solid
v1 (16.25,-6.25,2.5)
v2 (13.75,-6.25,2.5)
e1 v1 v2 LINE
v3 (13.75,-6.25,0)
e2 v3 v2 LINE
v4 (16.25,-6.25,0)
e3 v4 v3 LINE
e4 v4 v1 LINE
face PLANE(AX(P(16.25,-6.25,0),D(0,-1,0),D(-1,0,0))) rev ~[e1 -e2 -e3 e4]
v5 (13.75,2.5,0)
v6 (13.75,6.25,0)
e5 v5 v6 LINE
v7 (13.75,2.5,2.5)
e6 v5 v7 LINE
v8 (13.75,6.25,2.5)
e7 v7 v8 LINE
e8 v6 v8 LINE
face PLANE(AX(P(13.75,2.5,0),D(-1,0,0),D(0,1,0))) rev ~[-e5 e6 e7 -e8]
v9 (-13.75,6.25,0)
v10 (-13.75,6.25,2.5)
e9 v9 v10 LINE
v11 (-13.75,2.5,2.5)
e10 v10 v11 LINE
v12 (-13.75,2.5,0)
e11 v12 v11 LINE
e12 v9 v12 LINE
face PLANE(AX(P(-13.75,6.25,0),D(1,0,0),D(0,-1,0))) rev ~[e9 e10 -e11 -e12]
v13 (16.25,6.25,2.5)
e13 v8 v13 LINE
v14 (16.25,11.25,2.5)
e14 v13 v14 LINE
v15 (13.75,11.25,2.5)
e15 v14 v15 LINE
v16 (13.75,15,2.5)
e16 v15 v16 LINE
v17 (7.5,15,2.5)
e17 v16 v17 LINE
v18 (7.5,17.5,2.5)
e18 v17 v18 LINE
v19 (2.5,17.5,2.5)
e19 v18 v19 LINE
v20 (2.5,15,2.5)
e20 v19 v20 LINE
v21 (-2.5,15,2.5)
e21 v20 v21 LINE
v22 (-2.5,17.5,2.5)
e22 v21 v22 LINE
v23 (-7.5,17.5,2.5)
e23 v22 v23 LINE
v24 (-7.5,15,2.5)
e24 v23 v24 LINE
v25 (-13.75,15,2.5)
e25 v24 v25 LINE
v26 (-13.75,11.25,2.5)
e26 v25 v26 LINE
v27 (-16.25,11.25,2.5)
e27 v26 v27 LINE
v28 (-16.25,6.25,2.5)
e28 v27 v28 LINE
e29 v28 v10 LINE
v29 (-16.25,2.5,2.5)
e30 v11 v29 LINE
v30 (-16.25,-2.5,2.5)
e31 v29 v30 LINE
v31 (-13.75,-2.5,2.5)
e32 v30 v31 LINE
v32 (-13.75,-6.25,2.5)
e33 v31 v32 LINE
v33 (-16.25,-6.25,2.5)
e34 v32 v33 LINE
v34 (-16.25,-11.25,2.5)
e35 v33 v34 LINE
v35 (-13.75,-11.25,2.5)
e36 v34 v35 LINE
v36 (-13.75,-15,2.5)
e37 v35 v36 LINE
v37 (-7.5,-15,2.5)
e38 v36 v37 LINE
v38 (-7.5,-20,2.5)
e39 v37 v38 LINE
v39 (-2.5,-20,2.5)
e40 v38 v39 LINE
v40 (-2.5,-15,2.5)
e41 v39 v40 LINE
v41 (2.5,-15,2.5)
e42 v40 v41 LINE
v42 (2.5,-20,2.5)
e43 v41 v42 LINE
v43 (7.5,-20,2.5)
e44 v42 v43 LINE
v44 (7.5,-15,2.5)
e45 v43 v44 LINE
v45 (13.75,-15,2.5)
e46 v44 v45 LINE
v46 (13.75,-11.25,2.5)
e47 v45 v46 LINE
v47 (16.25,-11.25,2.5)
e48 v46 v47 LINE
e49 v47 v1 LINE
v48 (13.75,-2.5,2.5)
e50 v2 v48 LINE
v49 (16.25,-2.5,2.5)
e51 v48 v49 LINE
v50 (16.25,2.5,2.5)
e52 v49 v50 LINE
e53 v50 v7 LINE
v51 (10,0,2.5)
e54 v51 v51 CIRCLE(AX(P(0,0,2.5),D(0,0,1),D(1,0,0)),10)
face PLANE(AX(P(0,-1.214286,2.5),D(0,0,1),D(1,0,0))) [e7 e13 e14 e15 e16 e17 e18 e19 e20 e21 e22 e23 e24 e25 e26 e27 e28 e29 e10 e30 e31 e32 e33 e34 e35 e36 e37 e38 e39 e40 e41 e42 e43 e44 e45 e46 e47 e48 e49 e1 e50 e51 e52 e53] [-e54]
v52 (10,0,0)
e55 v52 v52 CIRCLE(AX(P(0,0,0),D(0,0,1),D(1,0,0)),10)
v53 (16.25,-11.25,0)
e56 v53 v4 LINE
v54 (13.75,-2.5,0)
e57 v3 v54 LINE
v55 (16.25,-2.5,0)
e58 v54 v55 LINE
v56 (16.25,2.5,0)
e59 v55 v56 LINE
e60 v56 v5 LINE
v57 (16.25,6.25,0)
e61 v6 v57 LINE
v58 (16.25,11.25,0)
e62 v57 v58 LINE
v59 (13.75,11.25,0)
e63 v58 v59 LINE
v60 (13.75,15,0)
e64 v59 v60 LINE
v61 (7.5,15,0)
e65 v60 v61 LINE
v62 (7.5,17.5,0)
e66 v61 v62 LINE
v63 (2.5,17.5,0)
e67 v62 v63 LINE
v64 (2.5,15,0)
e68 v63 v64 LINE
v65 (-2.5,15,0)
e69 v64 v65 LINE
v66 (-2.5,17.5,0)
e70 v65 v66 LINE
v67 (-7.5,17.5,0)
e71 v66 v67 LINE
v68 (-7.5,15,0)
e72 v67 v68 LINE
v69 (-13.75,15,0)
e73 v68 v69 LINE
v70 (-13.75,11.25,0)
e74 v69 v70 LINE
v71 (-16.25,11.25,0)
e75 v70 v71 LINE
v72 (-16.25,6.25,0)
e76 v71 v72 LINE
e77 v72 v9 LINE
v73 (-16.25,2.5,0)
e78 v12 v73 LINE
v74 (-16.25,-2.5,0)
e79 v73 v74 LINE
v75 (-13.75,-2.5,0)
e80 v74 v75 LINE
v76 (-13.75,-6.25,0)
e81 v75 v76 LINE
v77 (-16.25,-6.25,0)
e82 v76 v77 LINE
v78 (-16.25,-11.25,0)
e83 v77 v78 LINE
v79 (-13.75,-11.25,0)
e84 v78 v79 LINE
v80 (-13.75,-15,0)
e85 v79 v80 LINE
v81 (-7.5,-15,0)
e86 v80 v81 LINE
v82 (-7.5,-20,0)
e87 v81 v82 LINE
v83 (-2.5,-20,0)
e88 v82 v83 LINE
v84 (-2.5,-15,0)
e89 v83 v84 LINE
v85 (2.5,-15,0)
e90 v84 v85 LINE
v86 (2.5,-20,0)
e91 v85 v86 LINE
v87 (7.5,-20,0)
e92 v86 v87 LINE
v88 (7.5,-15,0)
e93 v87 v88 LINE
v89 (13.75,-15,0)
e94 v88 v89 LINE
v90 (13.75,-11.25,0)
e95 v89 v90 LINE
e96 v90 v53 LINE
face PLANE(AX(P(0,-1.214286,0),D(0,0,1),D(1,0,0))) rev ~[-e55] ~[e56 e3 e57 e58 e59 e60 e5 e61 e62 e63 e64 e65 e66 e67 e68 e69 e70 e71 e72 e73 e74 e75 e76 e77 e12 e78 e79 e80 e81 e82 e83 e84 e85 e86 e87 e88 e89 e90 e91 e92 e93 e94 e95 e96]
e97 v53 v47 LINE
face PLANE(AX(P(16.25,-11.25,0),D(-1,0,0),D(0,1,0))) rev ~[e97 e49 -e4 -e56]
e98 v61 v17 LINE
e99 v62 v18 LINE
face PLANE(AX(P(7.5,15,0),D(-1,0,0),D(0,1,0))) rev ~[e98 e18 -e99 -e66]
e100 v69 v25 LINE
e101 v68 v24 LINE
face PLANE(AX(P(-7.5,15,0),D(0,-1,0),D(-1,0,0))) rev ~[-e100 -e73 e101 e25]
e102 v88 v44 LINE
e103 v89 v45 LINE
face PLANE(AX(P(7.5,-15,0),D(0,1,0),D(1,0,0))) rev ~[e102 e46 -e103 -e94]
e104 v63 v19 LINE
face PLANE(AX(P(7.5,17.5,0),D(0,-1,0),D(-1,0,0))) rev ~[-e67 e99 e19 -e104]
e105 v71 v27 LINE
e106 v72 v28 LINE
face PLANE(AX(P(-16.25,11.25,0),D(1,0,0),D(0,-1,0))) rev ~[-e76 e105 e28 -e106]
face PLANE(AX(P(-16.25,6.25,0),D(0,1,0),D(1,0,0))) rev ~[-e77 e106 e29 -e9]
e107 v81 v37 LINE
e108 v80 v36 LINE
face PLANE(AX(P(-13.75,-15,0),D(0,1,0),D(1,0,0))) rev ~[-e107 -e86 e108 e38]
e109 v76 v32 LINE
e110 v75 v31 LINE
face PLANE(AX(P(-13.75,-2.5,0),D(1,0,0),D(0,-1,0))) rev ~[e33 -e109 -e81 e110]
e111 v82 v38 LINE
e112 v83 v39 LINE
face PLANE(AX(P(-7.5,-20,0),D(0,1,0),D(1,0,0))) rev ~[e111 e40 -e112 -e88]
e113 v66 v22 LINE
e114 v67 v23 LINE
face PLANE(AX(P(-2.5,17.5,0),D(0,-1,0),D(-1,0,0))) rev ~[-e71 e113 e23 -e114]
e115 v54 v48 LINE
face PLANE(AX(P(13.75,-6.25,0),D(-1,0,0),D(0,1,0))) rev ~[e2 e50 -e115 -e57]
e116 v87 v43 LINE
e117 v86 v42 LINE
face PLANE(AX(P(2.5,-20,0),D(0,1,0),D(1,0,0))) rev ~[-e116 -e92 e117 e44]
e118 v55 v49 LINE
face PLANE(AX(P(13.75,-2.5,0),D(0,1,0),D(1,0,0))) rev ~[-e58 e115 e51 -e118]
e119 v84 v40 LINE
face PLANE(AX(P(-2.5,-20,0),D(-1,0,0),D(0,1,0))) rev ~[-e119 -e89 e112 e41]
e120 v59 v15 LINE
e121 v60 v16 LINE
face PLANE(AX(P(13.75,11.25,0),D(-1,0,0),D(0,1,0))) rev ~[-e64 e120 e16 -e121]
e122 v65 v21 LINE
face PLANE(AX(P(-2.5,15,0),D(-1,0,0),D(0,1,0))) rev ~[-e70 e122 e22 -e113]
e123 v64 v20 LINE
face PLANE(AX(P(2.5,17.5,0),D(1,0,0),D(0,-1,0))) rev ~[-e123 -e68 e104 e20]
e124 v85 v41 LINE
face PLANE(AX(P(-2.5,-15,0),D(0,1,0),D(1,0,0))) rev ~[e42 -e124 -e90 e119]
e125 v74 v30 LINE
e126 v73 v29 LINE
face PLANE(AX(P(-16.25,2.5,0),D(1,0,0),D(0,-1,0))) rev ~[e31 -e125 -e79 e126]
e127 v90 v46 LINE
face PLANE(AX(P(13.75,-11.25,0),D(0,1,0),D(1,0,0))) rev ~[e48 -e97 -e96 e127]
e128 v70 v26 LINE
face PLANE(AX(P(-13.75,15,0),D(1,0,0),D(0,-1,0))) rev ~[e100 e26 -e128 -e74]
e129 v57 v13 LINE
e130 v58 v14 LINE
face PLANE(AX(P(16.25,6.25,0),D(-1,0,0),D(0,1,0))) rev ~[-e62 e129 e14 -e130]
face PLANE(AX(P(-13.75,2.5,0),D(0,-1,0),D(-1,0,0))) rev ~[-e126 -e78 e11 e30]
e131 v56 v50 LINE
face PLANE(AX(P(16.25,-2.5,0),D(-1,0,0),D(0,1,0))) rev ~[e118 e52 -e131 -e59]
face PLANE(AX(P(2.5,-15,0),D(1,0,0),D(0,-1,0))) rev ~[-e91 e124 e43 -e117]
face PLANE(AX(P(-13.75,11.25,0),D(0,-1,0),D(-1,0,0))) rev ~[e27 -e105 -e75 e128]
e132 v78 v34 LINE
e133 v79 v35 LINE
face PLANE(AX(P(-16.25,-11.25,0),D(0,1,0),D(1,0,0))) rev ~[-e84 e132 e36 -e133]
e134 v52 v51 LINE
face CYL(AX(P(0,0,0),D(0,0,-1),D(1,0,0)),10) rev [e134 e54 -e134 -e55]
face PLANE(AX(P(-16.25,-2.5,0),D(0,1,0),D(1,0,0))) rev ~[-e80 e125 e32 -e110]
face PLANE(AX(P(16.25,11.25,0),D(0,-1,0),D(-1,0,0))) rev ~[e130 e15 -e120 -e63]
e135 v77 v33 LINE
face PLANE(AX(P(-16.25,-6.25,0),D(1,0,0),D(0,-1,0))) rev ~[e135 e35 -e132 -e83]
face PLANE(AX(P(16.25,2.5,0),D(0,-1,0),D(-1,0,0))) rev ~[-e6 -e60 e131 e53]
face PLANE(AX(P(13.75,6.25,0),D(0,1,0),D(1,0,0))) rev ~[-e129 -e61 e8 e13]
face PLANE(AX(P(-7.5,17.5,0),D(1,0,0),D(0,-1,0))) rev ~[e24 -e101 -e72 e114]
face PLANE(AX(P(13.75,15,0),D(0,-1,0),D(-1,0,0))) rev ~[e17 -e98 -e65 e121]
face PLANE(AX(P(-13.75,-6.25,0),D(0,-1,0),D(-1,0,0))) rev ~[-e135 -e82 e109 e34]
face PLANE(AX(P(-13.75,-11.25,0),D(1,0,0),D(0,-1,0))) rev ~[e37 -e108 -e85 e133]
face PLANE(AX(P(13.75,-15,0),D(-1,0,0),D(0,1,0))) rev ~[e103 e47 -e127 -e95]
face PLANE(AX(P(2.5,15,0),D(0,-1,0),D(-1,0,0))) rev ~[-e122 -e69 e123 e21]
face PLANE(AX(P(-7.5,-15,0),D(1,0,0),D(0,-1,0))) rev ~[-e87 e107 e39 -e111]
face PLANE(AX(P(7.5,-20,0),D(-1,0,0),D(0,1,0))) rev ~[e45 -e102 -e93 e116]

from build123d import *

# Parameters (mm, degrees)
SKETCH1_R           = 10
BOSS_EXTRUDE1_DEPTH = 2.5


with BuildPart() as part:
    # Sketch1 → Boss-Extrude1 (new body)
    with BuildSketch(Plane.XY):
        Polygon((-2.5, -20), (-2.5, -15), (2.5, -15), (2.5, -20), (7.5, -20), (7.5, -15), (13.75, -15), (13.75, -11.25), (16.25, -11.25), (16.25, -6.25), (13.75, -6.25), (13.75, -2.5), (16.25, -2.5), (16.25, 2.5), (13.75, 2.5), (13.75, 6.25), (16.25, 6.25), (16.25, 11.25), (13.75, 11.25), (13.75, 15), (7.5, 15), (7.5, 17.5), (2.5, 17.5), (2.5, 15), (-2.5, 15), (-2.5, 17.5), (-7.5, 17.5), (-7.5, 15), (-13.75, 15), (-13.75, 11.25), (-16.25, 11.25), (-16.25, 6.25), (-13.75, 6.25), (-13.75, 2.5), (-16.25, 2.5), (-16.25, -2.5), (-13.75, -2.5), (-13.75, -6.25), (-16.25, -6.25), (-16.25, -11.25), (-13.75, -11.25), (-13.75, -15), (-7.5, -15), (-7.5, -20), align=None)
        Circle(SKETCH1_R, mode=Mode.SUBTRACT)
    extrude(amount=BOSS_EXTRUDE1_DEPTH)


solid = part.part
